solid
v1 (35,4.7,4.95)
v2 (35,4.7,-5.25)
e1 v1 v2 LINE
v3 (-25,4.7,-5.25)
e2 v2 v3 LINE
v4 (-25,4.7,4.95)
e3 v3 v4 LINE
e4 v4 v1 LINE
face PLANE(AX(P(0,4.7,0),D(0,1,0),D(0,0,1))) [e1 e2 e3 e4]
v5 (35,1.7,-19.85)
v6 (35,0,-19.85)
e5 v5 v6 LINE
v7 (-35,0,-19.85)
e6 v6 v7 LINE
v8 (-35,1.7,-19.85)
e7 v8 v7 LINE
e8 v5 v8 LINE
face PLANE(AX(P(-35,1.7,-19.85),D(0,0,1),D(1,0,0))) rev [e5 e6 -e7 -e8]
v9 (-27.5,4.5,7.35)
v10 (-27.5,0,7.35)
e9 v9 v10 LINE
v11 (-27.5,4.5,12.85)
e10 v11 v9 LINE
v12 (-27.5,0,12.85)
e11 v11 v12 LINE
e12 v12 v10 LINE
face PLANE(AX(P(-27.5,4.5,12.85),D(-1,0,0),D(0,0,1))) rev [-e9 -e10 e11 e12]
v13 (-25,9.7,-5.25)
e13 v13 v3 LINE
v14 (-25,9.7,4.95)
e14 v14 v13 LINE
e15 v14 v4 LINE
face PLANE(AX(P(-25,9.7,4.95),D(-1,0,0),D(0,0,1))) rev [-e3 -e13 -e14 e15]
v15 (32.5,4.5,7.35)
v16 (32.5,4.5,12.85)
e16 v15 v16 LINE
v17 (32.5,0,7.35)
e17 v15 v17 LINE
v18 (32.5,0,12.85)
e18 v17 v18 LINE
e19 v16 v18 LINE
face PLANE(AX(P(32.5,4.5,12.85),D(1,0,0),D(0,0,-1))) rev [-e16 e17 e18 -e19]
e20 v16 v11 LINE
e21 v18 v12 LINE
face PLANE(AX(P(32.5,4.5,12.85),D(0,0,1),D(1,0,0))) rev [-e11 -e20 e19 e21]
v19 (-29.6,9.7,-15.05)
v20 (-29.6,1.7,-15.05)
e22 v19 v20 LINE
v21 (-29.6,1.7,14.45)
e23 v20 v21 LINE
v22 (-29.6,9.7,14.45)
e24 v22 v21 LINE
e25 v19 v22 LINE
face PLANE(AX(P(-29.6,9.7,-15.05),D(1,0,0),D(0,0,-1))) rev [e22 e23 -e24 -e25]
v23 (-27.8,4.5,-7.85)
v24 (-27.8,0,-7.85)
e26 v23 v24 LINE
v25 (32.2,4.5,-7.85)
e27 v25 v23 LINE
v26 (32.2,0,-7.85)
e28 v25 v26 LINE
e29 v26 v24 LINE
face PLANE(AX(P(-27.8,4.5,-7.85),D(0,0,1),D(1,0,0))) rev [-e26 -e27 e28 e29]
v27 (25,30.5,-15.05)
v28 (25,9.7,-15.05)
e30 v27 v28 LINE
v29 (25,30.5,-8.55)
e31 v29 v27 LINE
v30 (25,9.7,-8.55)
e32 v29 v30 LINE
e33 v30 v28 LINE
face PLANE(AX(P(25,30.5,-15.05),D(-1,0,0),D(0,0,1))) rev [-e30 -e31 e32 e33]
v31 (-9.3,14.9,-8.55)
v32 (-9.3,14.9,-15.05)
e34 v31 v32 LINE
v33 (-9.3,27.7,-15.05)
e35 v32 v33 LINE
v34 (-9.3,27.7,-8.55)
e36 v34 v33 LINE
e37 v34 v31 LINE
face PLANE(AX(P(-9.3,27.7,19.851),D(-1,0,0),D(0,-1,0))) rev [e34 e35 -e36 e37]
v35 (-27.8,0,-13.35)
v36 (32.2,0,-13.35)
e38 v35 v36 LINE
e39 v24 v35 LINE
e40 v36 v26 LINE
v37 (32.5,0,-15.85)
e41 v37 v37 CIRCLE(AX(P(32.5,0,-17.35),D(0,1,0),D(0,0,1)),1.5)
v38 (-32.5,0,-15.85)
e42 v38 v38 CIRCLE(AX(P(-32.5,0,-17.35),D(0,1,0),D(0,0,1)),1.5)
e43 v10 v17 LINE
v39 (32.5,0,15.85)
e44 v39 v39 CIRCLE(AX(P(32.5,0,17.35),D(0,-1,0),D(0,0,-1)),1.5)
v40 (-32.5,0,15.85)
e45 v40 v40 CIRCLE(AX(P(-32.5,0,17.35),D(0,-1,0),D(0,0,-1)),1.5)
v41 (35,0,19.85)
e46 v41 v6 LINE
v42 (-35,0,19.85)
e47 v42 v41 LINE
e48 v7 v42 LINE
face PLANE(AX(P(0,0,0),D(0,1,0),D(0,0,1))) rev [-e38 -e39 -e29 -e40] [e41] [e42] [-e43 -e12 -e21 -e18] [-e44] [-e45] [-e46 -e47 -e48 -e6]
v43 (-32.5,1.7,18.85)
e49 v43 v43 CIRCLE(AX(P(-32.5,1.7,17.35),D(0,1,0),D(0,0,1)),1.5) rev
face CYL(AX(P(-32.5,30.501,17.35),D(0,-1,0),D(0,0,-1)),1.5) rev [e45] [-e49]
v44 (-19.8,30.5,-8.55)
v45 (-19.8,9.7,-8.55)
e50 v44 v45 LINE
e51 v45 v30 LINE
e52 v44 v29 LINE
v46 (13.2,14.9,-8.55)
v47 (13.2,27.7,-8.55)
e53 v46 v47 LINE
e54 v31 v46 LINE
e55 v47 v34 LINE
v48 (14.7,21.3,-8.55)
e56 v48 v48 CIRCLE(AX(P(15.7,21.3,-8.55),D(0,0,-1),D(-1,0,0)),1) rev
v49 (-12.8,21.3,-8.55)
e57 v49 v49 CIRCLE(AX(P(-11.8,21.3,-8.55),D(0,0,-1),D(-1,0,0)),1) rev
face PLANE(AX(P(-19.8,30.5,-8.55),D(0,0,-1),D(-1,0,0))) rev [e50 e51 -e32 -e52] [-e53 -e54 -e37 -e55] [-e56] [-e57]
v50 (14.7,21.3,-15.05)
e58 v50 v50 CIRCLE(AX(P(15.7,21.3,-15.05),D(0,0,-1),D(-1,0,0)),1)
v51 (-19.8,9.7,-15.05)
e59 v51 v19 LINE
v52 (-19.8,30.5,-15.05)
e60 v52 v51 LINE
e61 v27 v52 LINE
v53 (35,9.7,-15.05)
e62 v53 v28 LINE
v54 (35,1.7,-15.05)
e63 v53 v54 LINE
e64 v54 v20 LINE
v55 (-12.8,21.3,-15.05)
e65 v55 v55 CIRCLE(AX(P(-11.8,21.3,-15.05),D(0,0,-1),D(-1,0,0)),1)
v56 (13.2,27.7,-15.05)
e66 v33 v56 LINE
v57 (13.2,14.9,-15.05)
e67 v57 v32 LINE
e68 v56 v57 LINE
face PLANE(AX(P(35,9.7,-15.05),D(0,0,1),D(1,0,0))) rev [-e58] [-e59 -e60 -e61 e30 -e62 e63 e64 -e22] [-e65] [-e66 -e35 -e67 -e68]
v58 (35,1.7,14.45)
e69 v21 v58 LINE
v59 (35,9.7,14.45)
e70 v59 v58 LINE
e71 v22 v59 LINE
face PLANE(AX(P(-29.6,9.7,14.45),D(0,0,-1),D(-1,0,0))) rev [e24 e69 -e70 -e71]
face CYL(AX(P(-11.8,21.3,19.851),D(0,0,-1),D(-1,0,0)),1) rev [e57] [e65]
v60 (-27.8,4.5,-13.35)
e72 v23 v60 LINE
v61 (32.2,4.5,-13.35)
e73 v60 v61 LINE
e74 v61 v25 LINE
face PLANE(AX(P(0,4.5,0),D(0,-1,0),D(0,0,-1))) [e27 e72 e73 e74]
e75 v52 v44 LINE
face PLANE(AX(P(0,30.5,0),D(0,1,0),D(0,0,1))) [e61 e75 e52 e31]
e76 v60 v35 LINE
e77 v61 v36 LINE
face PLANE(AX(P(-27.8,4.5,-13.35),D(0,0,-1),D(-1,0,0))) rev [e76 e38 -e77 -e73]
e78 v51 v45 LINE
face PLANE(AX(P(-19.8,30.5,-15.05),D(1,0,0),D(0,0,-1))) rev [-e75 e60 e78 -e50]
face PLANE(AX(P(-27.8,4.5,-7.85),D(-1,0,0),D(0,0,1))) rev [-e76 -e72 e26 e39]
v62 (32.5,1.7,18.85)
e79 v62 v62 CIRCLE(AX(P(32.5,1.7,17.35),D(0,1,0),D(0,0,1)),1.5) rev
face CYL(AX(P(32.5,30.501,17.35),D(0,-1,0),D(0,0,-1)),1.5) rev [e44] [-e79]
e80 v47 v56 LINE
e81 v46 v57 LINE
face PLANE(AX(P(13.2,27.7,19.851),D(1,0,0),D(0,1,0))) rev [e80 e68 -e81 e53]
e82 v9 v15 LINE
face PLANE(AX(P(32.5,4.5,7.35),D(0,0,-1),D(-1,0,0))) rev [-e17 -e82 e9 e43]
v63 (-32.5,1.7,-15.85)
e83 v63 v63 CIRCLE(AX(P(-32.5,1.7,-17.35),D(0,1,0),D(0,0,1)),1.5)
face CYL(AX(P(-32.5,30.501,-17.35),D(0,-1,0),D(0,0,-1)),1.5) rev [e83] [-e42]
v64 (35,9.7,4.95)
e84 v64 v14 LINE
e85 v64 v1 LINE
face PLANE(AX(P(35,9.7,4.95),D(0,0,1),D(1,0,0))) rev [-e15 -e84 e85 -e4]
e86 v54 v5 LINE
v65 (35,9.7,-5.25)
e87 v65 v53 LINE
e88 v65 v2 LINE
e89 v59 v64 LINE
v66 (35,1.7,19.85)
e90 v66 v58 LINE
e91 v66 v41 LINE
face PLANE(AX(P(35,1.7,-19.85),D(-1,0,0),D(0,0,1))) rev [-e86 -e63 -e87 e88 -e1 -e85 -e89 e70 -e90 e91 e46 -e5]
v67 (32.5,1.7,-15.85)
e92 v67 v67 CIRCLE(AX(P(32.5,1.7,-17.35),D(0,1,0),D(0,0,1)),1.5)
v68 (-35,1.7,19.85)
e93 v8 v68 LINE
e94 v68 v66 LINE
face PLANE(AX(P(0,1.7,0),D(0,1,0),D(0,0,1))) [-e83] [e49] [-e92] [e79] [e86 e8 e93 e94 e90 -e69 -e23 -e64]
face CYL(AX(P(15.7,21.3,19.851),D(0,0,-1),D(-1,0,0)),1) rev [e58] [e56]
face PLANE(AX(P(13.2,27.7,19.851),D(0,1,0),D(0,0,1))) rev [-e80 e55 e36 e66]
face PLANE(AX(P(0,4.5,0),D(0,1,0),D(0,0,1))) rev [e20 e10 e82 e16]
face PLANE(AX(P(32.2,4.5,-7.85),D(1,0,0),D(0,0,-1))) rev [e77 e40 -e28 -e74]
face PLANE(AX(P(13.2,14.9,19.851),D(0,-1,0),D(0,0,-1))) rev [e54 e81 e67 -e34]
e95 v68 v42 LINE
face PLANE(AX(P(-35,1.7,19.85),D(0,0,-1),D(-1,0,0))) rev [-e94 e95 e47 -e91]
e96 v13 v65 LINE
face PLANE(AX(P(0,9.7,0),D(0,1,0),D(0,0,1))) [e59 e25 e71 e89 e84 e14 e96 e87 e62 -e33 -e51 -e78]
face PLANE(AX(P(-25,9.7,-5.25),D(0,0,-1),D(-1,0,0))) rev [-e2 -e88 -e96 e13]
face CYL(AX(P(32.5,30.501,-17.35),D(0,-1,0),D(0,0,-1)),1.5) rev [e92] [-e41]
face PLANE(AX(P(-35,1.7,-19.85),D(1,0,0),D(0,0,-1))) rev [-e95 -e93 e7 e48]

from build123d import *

# Parameters (mm, degrees)
SKETCH2_W           = 70
SKETCH2_H           = 39.7
BOSS_EXTRUDE1_DEPTH = 1.7
BOSS_EXTRUDE2_DEPTH = 8
SKETCH6_W           = 60
SKETCH6_H           = 10.2
BOSS_EXTRUDE3_DEPTH = 3
SKETCH7_W           = 44.8
SKETCH7_H           = 6.5
BOSS_EXTRUDE4_DEPTH = 20.8
CUT_EXTRUDE1_REACH  = 60.08
SKETCH8_W           = 22.5
SKETCH8_H           = 12.8
CUT_EXTRUDE2_REACH  = 60.08
SKETCH9_R           = 1
CUT_EXTRUDE3_REACH  = 52.49
SKETCH10_R          = 1.5
SKETCH13_W          = 60
SKETCH13_H          = 5.5
CUT_EXTRUDE4_DEPTH  = 4.5
SKETCH14_W          = 60
SKETCH14_H          = 5.5
CUT_EXTRUDE5_DEPTH  = 4.5


with BuildPart() as part:
    # Sketch2 → Boss-Extrude1 (new body)
    with BuildSketch(Plane(origin=(0, 0, 0), x_dir=(1, 0, 0), z_dir=(0, 1, 0))):
        Rectangle(SKETCH2_W, SKETCH2_H)
    extrude(amount=BOSS_EXTRUDE1_DEPTH)

    # Sketch3 → Boss-Extrude2 (add)
    with BuildSketch(Plane(origin=(0, 1.7, 0), x_dir=(1, 0, 0), z_dir=(0, 1, 0))):
        Polygon((35, 15.05), (-29.6, 15.05), (-29.6, -14.45), (35, -14.45), (35, -4.95), (-25, -4.95), (-25, 5.25), (35, 5.25), align=None)
    extrude(amount=BOSS_EXTRUDE2_DEPTH)

    # Sketch6 → Boss-Extrude3 (add)
    with BuildSketch(Plane(origin=(0, 1.7, 0), x_dir=(1, 0, 0), z_dir=(0, 1, 0))):
        with Locations((5, 0.15)):
            Rectangle(SKETCH6_W, SKETCH6_H)
    extrude(amount=BOSS_EXTRUDE3_DEPTH)

    # Sketch7 → Boss-Extrude4 (add)
    with BuildSketch(Plane(origin=(0, 9.7, 0), x_dir=(1, 0, 0), z_dir=(0, 1, 0))):
        with Locations((2.6, 11.8)):
            Rectangle(SKETCH7_W, SKETCH7_H)
    extrude(amount=BOSS_EXTRUDE4_DEPTH)

    # Sketch8 → Cut-Extrude1 (cut, up to next)
    with BuildSketch(Plane(origin=(0, 0, -15.05), x_dir=(-1, 0, 0), z_dir=(0, 0, -1)), mode=Mode.PRIVATE) as cut_extrude1_sk1:
        with Locations((-1.95, 21.3)):
            Rectangle(SKETCH8_W, SKETCH8_H)
    cut_extrude1_tool1 = extrude(cut_extrude1_sk1.sketch, amount=-CUT_EXTRUDE1_REACH, mode=Mode.PRIVATE) & part.part
    add(cut_extrude1_tool1.solids().sort_by_distance((1.95, 21.3, -15.05))[0], mode=Mode.SUBTRACT)

    # Sketch9 → Cut-Extrude2 (cut, up to next)
    with BuildSketch(Plane(origin=(0, 0, -15.05), x_dir=(-1, 0, 0), z_dir=(0, 0, -1)), mode=Mode.PRIVATE) as cut_extrude2_sk1:
        with Locations((-15.7, 21.3)):
            Circle(SKETCH9_R)
    cut_extrude2_tool1 = extrude(cut_extrude2_sk1.sketch, amount=-CUT_EXTRUDE2_REACH, mode=Mode.PRIVATE) & part.part
    # Sketch9 → Cut-Extrude2 (cut, up to next)
    with BuildSketch(Plane(origin=(0, 0, -15.05), x_dir=(-1, 0, 0), z_dir=(0, 0, -1)), mode=Mode.PRIVATE) as cut_extrude2_sk2:
        with Locations((11.8, 21.3)):
            Circle(SKETCH9_R)
    cut_extrude2_tool2 = extrude(cut_extrude2_sk2.sketch, amount=-CUT_EXTRUDE2_REACH, mode=Mode.PRIVATE) & part.part
    add(cut_extrude2_tool1.solids().sort_by_distance((15.7, 21.3, -15.05))[0], mode=Mode.SUBTRACT)
    add(cut_extrude2_tool2.solids().sort_by_distance((-11.8, 21.3, -15.05))[0], mode=Mode.SUBTRACT)

    # Sketch10 → Cut-Extrude3 (cut, up to next)
    with BuildSketch(Plane.XZ, mode=Mode.PRIVATE) as cut_extrude3_sk1:
        with Locations(Location((-32.5, 17.35, 0), (0, 0, 270))):
            Circle(SKETCH10_R)
    cut_extrude3_tool1 = extrude(cut_extrude3_sk1.sketch, amount=-CUT_EXTRUDE3_REACH, mode=Mode.PRIVATE) & part.part
    # Sketch10 → Cut-Extrude3 (cut, up to next)
    with BuildSketch(Plane.XZ, mode=Mode.PRIVATE) as cut_extrude3_sk2:
        with Locations(Location((32.5, 17.35, 0), (0, 0, 270))):
            Circle(SKETCH10_R)
    cut_extrude3_tool2 = extrude(cut_extrude3_sk2.sketch, amount=-CUT_EXTRUDE3_REACH, mode=Mode.PRIVATE) & part.part
    cut_extrude3_1 = cut_extrude3_tool1.solids().sort_by_distance((-32.5, 0, 17.35))[0]
    add(cut_extrude3_1, mode=Mode.SUBTRACT)
    cut_extrude3_2 = cut_extrude3_tool2.solids().sort_by_distance((32.5, 0, 17.35))[0]
    add(cut_extrude3_2, mode=Mode.SUBTRACT)
    cut_extrude3 = cut_extrude3_1 + cut_extrude3_2  # Cut-Extrude3 as one shape, for the pattern or mirror that repeats it

    # Mirror1: Cut-Extrude3 across plane
    add(cut_extrude3.mirror(Plane.XY), mode=Mode.SUBTRACT)

    # Sketch13 → Cut-Extrude4 (cut)
    with BuildSketch(Plane.XZ):
        with Locations((2.2, -10.6)):
            Rectangle(SKETCH13_W, SKETCH13_H)
    extrude(amount=-CUT_EXTRUDE4_DEPTH, mode=Mode.SUBTRACT)

    # Sketch14 → Cut-Extrude5 (cut)
    with BuildSketch(Plane.XZ):
        with Locations((2.5, 10.1)):
            Rectangle(SKETCH14_W, SKETCH14_H)
    extrude(amount=-CUT_EXTRUDE5_DEPTH, mode=Mode.SUBTRACT)


solid = part.part
